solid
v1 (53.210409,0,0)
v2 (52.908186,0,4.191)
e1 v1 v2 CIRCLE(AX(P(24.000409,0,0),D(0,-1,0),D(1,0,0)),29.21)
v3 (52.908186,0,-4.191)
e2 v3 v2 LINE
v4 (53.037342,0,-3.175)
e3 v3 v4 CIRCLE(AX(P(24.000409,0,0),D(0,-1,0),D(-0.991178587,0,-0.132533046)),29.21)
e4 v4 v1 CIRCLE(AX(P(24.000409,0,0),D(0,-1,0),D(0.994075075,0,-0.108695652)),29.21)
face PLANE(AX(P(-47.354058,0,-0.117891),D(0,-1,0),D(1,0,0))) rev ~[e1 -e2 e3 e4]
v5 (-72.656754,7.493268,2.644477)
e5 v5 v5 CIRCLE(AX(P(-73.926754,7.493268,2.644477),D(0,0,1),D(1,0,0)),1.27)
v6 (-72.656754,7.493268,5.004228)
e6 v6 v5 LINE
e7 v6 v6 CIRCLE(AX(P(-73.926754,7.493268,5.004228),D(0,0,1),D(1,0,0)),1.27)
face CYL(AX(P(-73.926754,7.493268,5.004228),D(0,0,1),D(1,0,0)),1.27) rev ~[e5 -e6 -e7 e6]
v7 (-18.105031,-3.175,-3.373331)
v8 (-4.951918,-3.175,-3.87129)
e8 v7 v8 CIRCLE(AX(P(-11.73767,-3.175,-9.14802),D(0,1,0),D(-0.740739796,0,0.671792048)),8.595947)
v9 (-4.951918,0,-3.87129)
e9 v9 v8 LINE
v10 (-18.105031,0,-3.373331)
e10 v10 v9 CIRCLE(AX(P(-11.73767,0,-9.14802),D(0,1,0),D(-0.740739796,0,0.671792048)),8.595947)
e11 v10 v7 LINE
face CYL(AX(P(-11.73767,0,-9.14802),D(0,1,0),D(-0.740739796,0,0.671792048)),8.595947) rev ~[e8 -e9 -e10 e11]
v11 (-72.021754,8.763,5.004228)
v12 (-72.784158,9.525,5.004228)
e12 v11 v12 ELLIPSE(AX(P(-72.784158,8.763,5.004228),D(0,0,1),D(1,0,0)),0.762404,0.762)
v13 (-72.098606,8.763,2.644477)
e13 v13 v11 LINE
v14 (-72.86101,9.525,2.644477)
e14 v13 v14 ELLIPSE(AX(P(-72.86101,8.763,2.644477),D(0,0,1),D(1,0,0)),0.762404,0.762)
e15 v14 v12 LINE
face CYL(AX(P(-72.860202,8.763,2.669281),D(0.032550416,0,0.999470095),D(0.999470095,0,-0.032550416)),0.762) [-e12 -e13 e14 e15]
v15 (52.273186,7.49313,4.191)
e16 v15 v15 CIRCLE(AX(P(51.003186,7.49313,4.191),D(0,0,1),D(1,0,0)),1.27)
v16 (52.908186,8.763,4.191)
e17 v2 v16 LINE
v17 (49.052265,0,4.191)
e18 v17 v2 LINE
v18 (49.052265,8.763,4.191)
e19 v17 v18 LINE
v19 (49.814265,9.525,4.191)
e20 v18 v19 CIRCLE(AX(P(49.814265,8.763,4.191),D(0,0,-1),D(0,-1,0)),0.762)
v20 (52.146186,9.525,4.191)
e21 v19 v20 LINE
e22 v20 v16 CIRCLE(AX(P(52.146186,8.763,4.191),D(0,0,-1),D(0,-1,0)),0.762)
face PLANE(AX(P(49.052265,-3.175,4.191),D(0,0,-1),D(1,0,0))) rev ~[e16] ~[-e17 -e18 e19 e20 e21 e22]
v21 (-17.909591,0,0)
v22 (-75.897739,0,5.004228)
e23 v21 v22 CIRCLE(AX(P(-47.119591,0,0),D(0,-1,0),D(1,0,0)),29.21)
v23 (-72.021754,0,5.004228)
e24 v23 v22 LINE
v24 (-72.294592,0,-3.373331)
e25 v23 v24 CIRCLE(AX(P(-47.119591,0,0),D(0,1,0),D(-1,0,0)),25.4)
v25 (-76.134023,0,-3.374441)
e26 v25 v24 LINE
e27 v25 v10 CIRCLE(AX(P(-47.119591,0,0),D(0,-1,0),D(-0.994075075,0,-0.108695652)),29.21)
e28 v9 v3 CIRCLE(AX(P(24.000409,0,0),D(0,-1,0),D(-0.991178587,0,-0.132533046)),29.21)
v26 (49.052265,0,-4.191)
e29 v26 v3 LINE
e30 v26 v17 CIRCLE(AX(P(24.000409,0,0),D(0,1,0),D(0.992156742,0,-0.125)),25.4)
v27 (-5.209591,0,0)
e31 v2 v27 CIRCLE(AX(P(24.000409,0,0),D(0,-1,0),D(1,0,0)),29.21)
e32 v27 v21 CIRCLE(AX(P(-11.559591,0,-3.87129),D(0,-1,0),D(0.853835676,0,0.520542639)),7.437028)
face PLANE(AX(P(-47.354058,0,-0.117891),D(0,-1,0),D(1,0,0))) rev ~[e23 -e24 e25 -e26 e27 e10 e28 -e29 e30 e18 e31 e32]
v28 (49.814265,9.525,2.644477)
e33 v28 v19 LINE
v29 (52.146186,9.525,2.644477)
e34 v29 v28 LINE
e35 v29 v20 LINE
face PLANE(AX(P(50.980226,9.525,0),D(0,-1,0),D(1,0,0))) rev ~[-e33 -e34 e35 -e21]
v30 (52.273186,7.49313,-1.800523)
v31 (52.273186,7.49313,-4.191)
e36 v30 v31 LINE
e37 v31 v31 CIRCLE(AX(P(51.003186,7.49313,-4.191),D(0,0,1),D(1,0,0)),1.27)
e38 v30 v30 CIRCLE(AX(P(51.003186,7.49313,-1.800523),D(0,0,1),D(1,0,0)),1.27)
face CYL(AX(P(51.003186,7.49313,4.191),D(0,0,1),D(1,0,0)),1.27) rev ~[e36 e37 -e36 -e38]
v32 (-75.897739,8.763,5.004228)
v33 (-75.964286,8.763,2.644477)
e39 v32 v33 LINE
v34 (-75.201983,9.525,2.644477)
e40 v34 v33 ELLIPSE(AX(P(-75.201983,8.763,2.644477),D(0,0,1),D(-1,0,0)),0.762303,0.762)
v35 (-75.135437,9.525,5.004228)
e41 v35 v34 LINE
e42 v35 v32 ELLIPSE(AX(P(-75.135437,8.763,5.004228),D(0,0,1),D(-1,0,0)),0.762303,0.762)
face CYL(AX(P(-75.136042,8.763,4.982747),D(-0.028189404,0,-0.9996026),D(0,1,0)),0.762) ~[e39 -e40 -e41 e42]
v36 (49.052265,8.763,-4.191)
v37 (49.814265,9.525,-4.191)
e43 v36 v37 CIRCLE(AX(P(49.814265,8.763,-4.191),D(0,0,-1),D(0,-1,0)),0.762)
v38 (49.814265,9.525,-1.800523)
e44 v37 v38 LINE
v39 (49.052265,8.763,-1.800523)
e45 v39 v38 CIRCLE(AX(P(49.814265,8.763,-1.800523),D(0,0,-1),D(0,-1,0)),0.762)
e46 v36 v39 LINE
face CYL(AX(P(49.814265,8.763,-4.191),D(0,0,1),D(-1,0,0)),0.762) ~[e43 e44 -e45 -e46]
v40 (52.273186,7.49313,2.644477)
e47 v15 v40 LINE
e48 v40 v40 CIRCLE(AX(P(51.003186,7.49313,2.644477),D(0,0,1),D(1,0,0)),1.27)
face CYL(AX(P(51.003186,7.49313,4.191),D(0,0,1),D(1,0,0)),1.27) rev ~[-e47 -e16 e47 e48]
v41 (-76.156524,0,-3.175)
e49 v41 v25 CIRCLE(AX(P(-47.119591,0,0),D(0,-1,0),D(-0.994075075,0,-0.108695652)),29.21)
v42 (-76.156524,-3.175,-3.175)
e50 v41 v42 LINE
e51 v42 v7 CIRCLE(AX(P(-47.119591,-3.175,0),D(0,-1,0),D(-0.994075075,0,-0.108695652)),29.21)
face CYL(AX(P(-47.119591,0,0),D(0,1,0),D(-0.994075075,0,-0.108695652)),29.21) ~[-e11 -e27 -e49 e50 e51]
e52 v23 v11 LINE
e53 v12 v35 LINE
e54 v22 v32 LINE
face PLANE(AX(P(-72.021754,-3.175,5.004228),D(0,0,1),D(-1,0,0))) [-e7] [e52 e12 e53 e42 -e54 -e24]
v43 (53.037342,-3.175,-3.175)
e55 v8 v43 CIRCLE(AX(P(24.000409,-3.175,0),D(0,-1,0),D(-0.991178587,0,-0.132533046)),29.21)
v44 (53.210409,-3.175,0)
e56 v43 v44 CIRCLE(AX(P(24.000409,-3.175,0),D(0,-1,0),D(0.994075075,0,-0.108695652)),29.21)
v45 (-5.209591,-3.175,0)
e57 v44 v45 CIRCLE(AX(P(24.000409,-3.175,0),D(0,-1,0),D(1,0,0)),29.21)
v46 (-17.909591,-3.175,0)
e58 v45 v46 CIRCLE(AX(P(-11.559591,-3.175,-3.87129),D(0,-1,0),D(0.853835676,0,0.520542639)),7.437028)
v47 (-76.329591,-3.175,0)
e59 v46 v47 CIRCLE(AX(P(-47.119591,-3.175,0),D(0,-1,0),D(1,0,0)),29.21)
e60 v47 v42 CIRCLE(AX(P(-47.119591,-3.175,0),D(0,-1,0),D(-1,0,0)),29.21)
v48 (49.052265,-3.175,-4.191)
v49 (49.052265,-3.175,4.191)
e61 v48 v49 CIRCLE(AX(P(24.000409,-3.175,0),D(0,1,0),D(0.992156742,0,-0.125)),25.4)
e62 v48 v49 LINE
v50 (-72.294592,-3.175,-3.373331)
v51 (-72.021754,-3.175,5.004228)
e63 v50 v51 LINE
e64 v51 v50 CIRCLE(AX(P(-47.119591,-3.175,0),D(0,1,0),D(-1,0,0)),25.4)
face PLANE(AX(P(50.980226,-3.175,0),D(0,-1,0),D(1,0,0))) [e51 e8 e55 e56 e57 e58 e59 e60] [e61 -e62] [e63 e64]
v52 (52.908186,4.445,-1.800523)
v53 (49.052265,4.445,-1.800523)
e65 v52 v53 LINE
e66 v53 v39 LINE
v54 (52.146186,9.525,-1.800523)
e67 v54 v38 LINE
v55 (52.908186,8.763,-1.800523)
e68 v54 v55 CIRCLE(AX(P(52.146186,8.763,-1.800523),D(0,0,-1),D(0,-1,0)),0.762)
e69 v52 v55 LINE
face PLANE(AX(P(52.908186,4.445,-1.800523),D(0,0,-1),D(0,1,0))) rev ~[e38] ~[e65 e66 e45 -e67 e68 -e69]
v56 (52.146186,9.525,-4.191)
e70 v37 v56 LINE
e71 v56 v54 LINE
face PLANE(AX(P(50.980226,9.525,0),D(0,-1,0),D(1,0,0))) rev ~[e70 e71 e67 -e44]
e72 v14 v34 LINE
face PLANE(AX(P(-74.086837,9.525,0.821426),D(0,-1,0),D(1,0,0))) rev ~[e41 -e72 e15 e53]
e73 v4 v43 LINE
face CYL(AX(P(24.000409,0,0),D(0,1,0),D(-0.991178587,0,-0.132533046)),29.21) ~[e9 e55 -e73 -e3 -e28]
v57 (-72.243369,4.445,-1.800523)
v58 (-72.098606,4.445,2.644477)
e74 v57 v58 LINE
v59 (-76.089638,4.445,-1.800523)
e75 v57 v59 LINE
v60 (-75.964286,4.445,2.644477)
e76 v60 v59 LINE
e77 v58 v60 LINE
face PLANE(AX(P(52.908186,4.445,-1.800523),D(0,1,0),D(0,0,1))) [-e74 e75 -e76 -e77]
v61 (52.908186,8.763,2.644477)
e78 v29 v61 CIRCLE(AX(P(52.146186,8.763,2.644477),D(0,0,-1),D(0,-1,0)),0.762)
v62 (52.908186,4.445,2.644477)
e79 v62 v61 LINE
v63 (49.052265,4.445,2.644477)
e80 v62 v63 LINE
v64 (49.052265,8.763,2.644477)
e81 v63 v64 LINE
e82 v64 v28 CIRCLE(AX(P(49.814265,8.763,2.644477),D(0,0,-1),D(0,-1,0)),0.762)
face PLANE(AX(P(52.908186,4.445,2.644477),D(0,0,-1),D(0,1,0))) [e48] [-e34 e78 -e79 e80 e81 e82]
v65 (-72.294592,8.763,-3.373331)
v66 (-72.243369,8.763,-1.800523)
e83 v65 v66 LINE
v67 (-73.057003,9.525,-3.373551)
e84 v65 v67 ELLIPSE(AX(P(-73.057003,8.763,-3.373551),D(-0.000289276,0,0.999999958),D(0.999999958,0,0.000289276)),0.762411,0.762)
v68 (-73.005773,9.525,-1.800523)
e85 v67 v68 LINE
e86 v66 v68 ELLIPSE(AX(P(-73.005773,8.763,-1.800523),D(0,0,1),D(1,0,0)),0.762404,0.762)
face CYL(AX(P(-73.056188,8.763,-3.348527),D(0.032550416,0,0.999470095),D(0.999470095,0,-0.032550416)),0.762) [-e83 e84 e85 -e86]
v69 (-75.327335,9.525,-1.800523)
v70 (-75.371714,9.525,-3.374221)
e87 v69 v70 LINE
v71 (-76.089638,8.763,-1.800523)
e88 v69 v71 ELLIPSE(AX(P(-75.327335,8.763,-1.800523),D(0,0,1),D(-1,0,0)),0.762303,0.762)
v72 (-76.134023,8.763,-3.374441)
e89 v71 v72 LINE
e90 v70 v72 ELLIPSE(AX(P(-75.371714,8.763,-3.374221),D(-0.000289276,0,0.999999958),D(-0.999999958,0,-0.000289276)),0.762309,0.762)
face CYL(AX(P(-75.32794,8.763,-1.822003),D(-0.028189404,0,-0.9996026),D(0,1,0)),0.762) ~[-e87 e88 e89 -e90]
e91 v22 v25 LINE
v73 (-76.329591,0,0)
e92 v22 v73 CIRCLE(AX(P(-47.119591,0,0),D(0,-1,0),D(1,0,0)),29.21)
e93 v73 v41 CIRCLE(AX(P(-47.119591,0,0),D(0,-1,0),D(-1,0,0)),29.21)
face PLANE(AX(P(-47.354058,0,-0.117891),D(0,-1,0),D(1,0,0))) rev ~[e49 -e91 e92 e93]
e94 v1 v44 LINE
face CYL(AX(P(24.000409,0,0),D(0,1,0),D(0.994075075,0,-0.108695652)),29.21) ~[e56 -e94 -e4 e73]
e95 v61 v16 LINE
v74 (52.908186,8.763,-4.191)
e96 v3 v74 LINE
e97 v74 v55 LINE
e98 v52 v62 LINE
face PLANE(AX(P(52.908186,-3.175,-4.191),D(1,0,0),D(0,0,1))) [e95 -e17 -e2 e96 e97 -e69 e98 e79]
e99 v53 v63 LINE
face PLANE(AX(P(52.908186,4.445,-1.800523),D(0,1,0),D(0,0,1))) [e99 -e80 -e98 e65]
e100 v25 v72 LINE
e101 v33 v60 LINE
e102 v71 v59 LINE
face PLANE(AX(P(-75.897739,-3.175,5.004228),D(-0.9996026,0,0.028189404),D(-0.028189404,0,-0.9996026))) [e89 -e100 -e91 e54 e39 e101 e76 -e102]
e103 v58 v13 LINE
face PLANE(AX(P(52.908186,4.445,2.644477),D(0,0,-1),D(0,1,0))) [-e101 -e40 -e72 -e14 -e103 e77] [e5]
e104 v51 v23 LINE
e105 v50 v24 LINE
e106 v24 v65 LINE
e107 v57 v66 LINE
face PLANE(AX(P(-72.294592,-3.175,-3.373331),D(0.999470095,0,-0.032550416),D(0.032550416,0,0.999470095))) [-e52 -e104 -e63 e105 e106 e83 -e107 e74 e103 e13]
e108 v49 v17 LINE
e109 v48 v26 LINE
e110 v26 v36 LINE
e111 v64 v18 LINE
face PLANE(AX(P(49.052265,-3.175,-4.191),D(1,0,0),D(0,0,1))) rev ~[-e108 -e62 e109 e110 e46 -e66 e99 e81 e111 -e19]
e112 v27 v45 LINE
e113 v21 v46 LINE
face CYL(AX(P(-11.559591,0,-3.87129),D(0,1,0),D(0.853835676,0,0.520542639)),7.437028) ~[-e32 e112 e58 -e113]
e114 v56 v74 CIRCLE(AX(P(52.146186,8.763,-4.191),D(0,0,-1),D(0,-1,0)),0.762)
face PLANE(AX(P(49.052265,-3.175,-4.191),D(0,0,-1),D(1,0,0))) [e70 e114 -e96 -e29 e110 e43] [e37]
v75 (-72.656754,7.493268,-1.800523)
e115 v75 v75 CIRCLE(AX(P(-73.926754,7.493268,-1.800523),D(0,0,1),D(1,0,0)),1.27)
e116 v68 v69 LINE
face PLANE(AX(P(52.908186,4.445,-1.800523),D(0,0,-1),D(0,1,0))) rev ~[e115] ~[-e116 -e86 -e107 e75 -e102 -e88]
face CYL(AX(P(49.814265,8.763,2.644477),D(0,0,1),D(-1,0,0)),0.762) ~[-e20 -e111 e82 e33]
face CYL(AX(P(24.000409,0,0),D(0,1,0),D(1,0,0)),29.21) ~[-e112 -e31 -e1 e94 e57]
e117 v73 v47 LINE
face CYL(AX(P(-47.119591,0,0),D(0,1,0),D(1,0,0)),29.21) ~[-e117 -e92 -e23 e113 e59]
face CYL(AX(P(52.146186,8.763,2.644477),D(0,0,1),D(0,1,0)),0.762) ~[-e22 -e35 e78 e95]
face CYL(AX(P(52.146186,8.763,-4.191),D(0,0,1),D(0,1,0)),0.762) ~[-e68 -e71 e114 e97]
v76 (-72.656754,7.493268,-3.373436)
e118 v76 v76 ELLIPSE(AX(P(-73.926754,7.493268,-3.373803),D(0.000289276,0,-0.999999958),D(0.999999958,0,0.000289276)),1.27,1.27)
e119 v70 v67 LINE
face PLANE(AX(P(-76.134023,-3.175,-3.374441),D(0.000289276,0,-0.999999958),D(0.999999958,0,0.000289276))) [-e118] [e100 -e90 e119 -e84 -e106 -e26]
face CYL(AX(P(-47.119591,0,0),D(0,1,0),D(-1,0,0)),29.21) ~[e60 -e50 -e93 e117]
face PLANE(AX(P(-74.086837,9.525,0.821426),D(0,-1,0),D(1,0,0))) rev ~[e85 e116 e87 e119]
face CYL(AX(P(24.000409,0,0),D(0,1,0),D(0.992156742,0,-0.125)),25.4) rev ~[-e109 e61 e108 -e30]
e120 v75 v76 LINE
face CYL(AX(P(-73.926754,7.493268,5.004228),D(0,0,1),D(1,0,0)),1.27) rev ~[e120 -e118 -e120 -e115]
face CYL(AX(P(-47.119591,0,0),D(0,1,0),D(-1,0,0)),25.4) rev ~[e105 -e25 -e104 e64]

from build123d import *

# Parameters (mm, degrees)
F1_DEPTH = 3.175
F2_W     = 3.8559212309
F2_H     = 8.382
F3_DEPTH = 12.7
F4_W     = 5.08
F4_H     = 4.445
F5_DEPTH = 129.2387778288
F6_R     = 1.27
F7_DEPTH = 33.402
F8_R     = 1.27
F9_DEPTH = 34.2152275192
F10_R    = 0.762
F11_R    = 0.762


with BuildPart() as f1:
    # F0 (on Front) → F1 (new body)
    with BuildSketch(Plane.XZ):
        with BuildLine():
            ThreePointArc((-18.1050305715, -3.3733308155), (-17.9584921143, -1.6894938048), (-17.9095913851, 0))
            ThreePointArc((-17.9095913851, 0), (-47.1195913851, 29.21), (-76.3295913851, 0))
            Line((-76.3295913851, 0), (-72.5195913851, 0))
            ThreePointArc((-72.5195913851, 0), (-47.1195913851, 25.4), (-21.7195913851, 0))
            ThreePointArc((-21.7195913851, 0), (-45.5289694065, -25.3501463846), (-72.320372623, -3.175))
            Line((-72.320372623, -3.175), (-76.1565243327, -3.175))
            ThreePointArc((-76.1565243327, -3.175), (-47.2193857045, -29.2098295287), (-18.1050305715, -3.3733308155))
        make_face()
        with BuildLine():
            ThreePointArc((-5.2095913851, 0), (-11.5595913851, 3.5657379151), (-17.9095913851, 0))
            ThreePointArc((-17.9095913851, 0), (-17.9584921143, -1.6894938048), (-18.1050305715, -3.3733308155))
            ThreePointArc((-18.1050305715, -3.3733308155), (-11.412472054, -0.5582261258), (-4.9519179152, -3.871290288))
            ThreePointArc((-4.9519179152, -3.871290288), (-5.1451018279, -1.9399280986), (-5.2095913851, 0))
        make_face()
        with BuildLine():
            Line((-72.5195913851, 0), (-76.3295913851, 0))
            ThreePointArc((-76.3295913851, 0), (-76.2862925304, -1.589856692), (-76.1565243327, -3.175))
            Line((-76.1565243327, -3.175), (-72.320372623, -3.175))
            ThreePointArc((-72.320372623, -3.175), (-72.4697377697, -1.5906219786), (-72.5195913851, 0))
        make_face()
        with BuildLine():
            ThreePointArc((53.2104086149, 0), (24.0004086149, 29.21), (-5.2095913851, 0))
            ThreePointArc((-5.2095913851, 0), (-5.1451018279, -1.9399280986), (-4.9519179152, -3.871290288))
            ThreePointArc((-4.9519179152, -3.871290288), (24.3511144785, -29.2078945732), (53.0373415624, -3.175))
            Line((53.0373415624, -3.175), (49.2011898528, -3.175))
            ThreePointArc((49.2011898528, -3.175), (-1.3497377697, 1.5906219786), (49.4004086149, 0))
            Line((49.4004086149, 0), (53.2104086149, 0))
        make_face()
        with BuildLine():
            ThreePointArc((53.0373415624, -3.175), (53.1671097602, -1.589856692), (53.2104086149, 0))
            Line((53.2104086149, 0), (49.4004086149, 0))
            ThreePointArc((49.4004086149, 0), (49.3505549995, -1.5906219786), (49.2011898528, -3.175))
            Line((49.2011898528, -3.175), (53.0373415624, -3.175))
        make_face()
    extrude(amount=F1_DEPTH)

    # F2 (on face) → F3 (join)
    with BuildSketch(Plane.XZ.offset(3.175)):
        with Locations((50.9802258282, 0)):
            Rectangle(F2_W, F2_H)
        Polygon((-75.8977394655, 5.0042275192), (-76.1340230485, -3.3744414722), (-72.2945916673, -3.3733308155), (-72.0217540811, 5.0042275192), align=None)
    extrude(amount=-F3_DEPTH)

    # F4 (on face) → F5 (cut, through all)
    with BuildSketch(Plane.YZ.offset(52.9081864437)):
        with Locations((6.985, 0.4219774121)):
            Rectangle(F4_W, F4_H)
    extrude(amount=-F5_DEPTH, mode=Mode.SUBTRACT)

    # F6 (on face) → F7 (cut, through all)
    with BuildSketch(Plane.XY.offset(4.191)):
        with Locations((51.0031864437, 7.4931297261)):
            Circle(F6_R)
    extrude(amount=-F7_DEPTH, mode=Mode.SUBTRACT)

    # F8 (on face) → F9 (cut, through all)
    with BuildSketch(Plane.XY.offset(5.0042275192)):
        with Locations((-73.9267540811, 7.4932678616)):
            Circle(F8_R)
    extrude(amount=-F9_DEPTH, mode=Mode.SUBTRACT)

    # F10
    f10_edges = [f1.edges().sort_by_distance(p)[0] for p in [
        (49.052265, 9.525, 3.417739),
        (52.908186, 9.525, 3.417739),
        (52.908186, 9.525, -2.995761),
        (49.052265, 9.525, -2.995761),
    ]]
    fillet(f10_edges, radius=F10_R)

    # F11
    f11_edges = [f1.edges().sort_by_distance(p)[0] for p in [
        (-76.11183, 9.525, -2.587482),
        (-75.931013, 9.525, 3.824352),
        (-72.06018, 9.525, 3.824352),
        (-72.26898, 9.525, -2.586927),
    ]]
    fillet(f11_edges, radius=F11_R)


solid = f1.part
